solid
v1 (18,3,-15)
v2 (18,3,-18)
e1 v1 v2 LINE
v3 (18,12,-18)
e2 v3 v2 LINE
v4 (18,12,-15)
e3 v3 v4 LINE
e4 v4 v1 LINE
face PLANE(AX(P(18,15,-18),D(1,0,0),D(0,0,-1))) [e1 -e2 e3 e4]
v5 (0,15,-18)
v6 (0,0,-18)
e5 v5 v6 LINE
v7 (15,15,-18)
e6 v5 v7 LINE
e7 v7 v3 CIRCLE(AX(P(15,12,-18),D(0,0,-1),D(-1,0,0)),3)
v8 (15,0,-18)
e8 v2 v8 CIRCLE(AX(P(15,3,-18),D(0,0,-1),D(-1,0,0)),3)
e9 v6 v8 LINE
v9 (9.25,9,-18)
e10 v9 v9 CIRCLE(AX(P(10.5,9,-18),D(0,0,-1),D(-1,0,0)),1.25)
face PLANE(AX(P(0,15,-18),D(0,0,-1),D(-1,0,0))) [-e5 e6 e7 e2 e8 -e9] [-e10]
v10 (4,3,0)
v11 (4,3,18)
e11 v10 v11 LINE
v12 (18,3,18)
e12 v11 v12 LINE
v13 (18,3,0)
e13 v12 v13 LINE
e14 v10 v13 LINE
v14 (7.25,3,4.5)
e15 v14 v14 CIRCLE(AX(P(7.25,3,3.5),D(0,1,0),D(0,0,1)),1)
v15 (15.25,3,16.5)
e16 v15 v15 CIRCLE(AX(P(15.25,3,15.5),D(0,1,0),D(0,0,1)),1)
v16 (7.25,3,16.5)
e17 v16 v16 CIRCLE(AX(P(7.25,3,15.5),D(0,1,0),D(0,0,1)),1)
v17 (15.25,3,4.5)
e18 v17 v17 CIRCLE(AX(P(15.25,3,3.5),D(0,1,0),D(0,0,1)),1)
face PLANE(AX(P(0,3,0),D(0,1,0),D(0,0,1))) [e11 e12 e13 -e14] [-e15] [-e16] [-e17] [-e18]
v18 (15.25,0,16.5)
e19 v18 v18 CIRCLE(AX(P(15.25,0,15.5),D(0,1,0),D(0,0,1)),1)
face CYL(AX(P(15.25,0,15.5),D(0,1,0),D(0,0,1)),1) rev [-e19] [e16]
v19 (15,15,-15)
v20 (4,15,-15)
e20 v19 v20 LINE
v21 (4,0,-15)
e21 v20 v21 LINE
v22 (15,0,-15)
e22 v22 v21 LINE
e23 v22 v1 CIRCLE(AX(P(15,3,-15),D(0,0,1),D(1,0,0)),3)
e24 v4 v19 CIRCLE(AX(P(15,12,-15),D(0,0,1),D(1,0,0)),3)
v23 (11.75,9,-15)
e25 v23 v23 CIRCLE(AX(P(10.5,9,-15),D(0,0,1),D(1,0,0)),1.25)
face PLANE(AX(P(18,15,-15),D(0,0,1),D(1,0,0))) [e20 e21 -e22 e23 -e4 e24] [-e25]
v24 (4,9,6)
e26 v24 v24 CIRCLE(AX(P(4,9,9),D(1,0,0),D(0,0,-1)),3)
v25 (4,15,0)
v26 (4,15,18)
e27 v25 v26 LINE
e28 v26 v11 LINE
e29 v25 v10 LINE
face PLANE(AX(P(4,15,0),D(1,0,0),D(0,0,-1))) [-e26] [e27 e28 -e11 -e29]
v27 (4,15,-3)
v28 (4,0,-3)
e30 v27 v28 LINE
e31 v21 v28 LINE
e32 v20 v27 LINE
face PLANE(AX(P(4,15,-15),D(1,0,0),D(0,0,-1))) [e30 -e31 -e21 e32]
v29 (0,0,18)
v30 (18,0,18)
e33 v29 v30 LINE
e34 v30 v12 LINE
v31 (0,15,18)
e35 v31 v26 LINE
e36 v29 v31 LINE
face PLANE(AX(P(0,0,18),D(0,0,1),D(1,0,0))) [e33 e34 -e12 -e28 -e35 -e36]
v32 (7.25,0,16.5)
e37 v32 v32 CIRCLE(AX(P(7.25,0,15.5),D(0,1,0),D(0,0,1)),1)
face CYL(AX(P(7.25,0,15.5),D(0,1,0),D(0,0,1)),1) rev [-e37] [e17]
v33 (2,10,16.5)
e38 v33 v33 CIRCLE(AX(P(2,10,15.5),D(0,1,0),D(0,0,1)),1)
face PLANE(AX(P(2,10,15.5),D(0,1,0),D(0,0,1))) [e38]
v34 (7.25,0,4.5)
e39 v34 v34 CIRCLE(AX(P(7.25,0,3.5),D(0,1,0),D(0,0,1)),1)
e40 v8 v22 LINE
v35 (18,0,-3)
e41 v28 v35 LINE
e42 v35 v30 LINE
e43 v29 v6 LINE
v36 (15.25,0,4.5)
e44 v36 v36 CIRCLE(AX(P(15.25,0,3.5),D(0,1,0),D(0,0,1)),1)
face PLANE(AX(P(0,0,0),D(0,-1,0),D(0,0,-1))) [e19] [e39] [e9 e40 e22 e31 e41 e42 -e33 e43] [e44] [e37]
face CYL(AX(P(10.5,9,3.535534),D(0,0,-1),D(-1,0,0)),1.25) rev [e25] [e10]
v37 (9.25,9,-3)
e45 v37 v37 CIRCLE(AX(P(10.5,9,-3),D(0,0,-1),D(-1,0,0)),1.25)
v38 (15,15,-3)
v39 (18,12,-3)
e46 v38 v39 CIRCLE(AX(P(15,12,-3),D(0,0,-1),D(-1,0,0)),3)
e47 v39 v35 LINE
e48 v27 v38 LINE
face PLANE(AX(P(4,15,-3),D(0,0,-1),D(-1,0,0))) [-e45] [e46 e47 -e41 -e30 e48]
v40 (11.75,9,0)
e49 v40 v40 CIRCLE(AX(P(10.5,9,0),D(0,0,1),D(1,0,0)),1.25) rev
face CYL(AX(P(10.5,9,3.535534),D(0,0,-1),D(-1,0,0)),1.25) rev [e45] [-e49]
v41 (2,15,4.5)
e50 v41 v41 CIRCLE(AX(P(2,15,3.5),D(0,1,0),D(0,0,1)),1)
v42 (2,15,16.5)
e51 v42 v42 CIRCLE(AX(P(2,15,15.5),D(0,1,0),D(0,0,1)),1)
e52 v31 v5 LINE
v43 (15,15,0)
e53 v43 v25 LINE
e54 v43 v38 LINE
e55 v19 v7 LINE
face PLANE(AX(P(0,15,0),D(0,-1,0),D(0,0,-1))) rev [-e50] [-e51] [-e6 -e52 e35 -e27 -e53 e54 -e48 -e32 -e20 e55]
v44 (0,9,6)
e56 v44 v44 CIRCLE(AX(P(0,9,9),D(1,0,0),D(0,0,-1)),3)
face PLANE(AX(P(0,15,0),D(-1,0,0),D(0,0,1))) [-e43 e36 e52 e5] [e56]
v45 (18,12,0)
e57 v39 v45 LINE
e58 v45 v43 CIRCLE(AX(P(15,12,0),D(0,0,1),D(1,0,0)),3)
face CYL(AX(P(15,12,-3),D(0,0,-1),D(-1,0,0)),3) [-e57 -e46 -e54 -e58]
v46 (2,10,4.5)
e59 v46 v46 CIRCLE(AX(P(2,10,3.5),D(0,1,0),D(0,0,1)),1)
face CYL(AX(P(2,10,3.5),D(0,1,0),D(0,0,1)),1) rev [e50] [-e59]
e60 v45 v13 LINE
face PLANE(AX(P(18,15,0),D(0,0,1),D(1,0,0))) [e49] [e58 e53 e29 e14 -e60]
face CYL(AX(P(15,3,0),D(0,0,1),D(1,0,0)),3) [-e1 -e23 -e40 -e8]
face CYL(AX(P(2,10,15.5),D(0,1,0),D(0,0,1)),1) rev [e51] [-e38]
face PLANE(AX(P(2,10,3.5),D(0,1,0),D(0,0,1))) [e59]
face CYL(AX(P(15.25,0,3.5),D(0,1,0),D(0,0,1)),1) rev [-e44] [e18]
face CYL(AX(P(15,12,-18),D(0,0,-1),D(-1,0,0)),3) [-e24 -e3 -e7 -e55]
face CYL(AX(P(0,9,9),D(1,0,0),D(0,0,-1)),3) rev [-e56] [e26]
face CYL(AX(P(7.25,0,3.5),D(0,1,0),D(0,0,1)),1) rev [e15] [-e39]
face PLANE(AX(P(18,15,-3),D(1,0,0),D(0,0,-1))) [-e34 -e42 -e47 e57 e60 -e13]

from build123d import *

# Parameters (mm, degrees)
EXTRUDE_2_DEPTH     = 15
FILLET_1_R          = 3
CUT_EXTRUDE_1_REACH = 31.547
SKETCH_4_R          = 1.25
EXTRUDE_START       = -12
SKETCH_5_W          = 18
SKETCH_5_H          = 18
EXTRUDE_3_DEPTH     = 3
SKETCH_6_W          = 4
SKETCH_6_H          = 18
EXTRUDE_5_DEPTH     = 12
SKETCH_8_R          = 3
CUT_EXTRUDE_2_DEPTH = 28.294688128
SKETCH_9_R          = 1
CUT_EXTRUDE_3_DEPTH = 29.142494559
SKETCH_10_R         = 1
CUT_EXTRUDE_4_DEPTH = 5


with BuildPart() as part:
    # 草图2 → 凸台-拉伸2 (new body)
    with BuildSketch(Plane(origin=(0, 0, 0), x_dir=(1, 0, 0), z_dir=(0, 1, 0))):
        Polygon((18, 0), (0, 0), (0, 18), (18, 18), (18, 15), (4, 15), (4, 3), (18, 3), align=None)
    extrude(amount=EXTRUDE_2_DEPTH)

    # 圆角1
    fillet_1_edges = [part.edges().sort_by_distance(p)[0] for p in [
        (18, 0, -16.5),
        (18, 15, -16.5),
        (18, 15, -1.5),
    ]]
    fillet(fillet_1_edges, radius=FILLET_1_R)

    # 切除-拉伸1: up to this face of the body (flat: up to its plane)
    cut_extrude_1_end = Plane(part.part.faces().sort_by_distance((8.939983645, 7.450791047, 0))[0])
    # 草图4 → 切除-拉伸1 (cut, up to the picked face)
    with BuildSketch(Plane(origin=(0, 0, -18), x_dir=(-1, 0, 0), z_dir=(0, 0, -1)), mode=Mode.PRIVATE) as cut_extrude_1_sk1:
        with Locations((-10.5, 9)):
            Circle(SKETCH_4_R)
    cut_extrude_1_tool1 = split(extrude(cut_extrude_1_sk1.sketch, amount=-CUT_EXTRUDE_1_REACH, mode=Mode.PRIVATE), bisect_by=cut_extrude_1_end, keep=Keep.BOTH, mode=Mode.PRIVATE)
    add(cut_extrude_1_tool1.solids().sort_by(Axis((10.5, 9, -18), (0, 0, 1)))[0], mode=Mode.SUBTRACT)

    # 草图5 → 凸台-拉伸3 (add)
    with BuildSketch(Plane(origin=(0, 15, 0), x_dir=(1, 0, 0), z_dir=(0, 1, 0)).offset(EXTRUDE_START)):
        with Locations((9, -9)):
            Rectangle(SKETCH_5_W, SKETCH_5_H)
    extrude(amount=-EXTRUDE_3_DEPTH)

    # 草图6 → 凸台-拉伸5 (add)
    with BuildSketch(Plane(origin=(0, 3, 0), x_dir=(1, 0, 0), z_dir=(0, 1, 0))):
        with Locations((2, -9)):
            Rectangle(SKETCH_6_W, SKETCH_6_H)
    extrude(amount=EXTRUDE_5_DEPTH)

    # 草图8 → 切除-拉伸2 (cut, through all)
    with BuildSketch(Plane(origin=(4, 0, 0), x_dir=(0, 0, -1), z_dir=(1, 0, 0))):
        with Locations((-9, 9)):
            Circle(SKETCH_8_R)
    extrude(amount=-CUT_EXTRUDE_2_DEPTH, mode=Mode.SUBTRACT)

    # 草图9 → 切除-拉伸3 (cut, through all)
    with BuildSketch(Plane(origin=(0, 3, 0), x_dir=(1, 0, 0), z_dir=(0, 1, 0))):
        with Locations(Location((7.25, -15.5, 0), (0, 0, 270))):
            Circle(SKETCH_9_R)
        with Locations(Location((15.25, -15.5, 0), (0, 0, 270))):
            Circle(SKETCH_9_R)
        with Locations(Location((7.25, -3.5, 0), (0, 0, 270))):
            Circle(SKETCH_9_R)
        with Locations(Location((15.25, -3.5, 0), (0, 0, 270))):
            Circle(SKETCH_9_R)
    extrude(amount=-CUT_EXTRUDE_3_DEPTH, mode=Mode.SUBTRACT)

    # 草图10 → 切除-拉伸4 (cut)
    with BuildSketch(Plane(origin=(0, 15, 0), x_dir=(1, 0, 0), z_dir=(0, 1, 0))):
        with Locations(Location((2, -15.5, 0), (0, 0, 270))):
            Circle(SKETCH_10_R)
        with Locations(Location((2, -3.5, 0), (0, 0, 270))):
            Circle(SKETCH_10_R)
    extrude(amount=-CUT_EXTRUDE_4_DEPTH, mode=Mode.SUBTRACT)


solid = part.part
